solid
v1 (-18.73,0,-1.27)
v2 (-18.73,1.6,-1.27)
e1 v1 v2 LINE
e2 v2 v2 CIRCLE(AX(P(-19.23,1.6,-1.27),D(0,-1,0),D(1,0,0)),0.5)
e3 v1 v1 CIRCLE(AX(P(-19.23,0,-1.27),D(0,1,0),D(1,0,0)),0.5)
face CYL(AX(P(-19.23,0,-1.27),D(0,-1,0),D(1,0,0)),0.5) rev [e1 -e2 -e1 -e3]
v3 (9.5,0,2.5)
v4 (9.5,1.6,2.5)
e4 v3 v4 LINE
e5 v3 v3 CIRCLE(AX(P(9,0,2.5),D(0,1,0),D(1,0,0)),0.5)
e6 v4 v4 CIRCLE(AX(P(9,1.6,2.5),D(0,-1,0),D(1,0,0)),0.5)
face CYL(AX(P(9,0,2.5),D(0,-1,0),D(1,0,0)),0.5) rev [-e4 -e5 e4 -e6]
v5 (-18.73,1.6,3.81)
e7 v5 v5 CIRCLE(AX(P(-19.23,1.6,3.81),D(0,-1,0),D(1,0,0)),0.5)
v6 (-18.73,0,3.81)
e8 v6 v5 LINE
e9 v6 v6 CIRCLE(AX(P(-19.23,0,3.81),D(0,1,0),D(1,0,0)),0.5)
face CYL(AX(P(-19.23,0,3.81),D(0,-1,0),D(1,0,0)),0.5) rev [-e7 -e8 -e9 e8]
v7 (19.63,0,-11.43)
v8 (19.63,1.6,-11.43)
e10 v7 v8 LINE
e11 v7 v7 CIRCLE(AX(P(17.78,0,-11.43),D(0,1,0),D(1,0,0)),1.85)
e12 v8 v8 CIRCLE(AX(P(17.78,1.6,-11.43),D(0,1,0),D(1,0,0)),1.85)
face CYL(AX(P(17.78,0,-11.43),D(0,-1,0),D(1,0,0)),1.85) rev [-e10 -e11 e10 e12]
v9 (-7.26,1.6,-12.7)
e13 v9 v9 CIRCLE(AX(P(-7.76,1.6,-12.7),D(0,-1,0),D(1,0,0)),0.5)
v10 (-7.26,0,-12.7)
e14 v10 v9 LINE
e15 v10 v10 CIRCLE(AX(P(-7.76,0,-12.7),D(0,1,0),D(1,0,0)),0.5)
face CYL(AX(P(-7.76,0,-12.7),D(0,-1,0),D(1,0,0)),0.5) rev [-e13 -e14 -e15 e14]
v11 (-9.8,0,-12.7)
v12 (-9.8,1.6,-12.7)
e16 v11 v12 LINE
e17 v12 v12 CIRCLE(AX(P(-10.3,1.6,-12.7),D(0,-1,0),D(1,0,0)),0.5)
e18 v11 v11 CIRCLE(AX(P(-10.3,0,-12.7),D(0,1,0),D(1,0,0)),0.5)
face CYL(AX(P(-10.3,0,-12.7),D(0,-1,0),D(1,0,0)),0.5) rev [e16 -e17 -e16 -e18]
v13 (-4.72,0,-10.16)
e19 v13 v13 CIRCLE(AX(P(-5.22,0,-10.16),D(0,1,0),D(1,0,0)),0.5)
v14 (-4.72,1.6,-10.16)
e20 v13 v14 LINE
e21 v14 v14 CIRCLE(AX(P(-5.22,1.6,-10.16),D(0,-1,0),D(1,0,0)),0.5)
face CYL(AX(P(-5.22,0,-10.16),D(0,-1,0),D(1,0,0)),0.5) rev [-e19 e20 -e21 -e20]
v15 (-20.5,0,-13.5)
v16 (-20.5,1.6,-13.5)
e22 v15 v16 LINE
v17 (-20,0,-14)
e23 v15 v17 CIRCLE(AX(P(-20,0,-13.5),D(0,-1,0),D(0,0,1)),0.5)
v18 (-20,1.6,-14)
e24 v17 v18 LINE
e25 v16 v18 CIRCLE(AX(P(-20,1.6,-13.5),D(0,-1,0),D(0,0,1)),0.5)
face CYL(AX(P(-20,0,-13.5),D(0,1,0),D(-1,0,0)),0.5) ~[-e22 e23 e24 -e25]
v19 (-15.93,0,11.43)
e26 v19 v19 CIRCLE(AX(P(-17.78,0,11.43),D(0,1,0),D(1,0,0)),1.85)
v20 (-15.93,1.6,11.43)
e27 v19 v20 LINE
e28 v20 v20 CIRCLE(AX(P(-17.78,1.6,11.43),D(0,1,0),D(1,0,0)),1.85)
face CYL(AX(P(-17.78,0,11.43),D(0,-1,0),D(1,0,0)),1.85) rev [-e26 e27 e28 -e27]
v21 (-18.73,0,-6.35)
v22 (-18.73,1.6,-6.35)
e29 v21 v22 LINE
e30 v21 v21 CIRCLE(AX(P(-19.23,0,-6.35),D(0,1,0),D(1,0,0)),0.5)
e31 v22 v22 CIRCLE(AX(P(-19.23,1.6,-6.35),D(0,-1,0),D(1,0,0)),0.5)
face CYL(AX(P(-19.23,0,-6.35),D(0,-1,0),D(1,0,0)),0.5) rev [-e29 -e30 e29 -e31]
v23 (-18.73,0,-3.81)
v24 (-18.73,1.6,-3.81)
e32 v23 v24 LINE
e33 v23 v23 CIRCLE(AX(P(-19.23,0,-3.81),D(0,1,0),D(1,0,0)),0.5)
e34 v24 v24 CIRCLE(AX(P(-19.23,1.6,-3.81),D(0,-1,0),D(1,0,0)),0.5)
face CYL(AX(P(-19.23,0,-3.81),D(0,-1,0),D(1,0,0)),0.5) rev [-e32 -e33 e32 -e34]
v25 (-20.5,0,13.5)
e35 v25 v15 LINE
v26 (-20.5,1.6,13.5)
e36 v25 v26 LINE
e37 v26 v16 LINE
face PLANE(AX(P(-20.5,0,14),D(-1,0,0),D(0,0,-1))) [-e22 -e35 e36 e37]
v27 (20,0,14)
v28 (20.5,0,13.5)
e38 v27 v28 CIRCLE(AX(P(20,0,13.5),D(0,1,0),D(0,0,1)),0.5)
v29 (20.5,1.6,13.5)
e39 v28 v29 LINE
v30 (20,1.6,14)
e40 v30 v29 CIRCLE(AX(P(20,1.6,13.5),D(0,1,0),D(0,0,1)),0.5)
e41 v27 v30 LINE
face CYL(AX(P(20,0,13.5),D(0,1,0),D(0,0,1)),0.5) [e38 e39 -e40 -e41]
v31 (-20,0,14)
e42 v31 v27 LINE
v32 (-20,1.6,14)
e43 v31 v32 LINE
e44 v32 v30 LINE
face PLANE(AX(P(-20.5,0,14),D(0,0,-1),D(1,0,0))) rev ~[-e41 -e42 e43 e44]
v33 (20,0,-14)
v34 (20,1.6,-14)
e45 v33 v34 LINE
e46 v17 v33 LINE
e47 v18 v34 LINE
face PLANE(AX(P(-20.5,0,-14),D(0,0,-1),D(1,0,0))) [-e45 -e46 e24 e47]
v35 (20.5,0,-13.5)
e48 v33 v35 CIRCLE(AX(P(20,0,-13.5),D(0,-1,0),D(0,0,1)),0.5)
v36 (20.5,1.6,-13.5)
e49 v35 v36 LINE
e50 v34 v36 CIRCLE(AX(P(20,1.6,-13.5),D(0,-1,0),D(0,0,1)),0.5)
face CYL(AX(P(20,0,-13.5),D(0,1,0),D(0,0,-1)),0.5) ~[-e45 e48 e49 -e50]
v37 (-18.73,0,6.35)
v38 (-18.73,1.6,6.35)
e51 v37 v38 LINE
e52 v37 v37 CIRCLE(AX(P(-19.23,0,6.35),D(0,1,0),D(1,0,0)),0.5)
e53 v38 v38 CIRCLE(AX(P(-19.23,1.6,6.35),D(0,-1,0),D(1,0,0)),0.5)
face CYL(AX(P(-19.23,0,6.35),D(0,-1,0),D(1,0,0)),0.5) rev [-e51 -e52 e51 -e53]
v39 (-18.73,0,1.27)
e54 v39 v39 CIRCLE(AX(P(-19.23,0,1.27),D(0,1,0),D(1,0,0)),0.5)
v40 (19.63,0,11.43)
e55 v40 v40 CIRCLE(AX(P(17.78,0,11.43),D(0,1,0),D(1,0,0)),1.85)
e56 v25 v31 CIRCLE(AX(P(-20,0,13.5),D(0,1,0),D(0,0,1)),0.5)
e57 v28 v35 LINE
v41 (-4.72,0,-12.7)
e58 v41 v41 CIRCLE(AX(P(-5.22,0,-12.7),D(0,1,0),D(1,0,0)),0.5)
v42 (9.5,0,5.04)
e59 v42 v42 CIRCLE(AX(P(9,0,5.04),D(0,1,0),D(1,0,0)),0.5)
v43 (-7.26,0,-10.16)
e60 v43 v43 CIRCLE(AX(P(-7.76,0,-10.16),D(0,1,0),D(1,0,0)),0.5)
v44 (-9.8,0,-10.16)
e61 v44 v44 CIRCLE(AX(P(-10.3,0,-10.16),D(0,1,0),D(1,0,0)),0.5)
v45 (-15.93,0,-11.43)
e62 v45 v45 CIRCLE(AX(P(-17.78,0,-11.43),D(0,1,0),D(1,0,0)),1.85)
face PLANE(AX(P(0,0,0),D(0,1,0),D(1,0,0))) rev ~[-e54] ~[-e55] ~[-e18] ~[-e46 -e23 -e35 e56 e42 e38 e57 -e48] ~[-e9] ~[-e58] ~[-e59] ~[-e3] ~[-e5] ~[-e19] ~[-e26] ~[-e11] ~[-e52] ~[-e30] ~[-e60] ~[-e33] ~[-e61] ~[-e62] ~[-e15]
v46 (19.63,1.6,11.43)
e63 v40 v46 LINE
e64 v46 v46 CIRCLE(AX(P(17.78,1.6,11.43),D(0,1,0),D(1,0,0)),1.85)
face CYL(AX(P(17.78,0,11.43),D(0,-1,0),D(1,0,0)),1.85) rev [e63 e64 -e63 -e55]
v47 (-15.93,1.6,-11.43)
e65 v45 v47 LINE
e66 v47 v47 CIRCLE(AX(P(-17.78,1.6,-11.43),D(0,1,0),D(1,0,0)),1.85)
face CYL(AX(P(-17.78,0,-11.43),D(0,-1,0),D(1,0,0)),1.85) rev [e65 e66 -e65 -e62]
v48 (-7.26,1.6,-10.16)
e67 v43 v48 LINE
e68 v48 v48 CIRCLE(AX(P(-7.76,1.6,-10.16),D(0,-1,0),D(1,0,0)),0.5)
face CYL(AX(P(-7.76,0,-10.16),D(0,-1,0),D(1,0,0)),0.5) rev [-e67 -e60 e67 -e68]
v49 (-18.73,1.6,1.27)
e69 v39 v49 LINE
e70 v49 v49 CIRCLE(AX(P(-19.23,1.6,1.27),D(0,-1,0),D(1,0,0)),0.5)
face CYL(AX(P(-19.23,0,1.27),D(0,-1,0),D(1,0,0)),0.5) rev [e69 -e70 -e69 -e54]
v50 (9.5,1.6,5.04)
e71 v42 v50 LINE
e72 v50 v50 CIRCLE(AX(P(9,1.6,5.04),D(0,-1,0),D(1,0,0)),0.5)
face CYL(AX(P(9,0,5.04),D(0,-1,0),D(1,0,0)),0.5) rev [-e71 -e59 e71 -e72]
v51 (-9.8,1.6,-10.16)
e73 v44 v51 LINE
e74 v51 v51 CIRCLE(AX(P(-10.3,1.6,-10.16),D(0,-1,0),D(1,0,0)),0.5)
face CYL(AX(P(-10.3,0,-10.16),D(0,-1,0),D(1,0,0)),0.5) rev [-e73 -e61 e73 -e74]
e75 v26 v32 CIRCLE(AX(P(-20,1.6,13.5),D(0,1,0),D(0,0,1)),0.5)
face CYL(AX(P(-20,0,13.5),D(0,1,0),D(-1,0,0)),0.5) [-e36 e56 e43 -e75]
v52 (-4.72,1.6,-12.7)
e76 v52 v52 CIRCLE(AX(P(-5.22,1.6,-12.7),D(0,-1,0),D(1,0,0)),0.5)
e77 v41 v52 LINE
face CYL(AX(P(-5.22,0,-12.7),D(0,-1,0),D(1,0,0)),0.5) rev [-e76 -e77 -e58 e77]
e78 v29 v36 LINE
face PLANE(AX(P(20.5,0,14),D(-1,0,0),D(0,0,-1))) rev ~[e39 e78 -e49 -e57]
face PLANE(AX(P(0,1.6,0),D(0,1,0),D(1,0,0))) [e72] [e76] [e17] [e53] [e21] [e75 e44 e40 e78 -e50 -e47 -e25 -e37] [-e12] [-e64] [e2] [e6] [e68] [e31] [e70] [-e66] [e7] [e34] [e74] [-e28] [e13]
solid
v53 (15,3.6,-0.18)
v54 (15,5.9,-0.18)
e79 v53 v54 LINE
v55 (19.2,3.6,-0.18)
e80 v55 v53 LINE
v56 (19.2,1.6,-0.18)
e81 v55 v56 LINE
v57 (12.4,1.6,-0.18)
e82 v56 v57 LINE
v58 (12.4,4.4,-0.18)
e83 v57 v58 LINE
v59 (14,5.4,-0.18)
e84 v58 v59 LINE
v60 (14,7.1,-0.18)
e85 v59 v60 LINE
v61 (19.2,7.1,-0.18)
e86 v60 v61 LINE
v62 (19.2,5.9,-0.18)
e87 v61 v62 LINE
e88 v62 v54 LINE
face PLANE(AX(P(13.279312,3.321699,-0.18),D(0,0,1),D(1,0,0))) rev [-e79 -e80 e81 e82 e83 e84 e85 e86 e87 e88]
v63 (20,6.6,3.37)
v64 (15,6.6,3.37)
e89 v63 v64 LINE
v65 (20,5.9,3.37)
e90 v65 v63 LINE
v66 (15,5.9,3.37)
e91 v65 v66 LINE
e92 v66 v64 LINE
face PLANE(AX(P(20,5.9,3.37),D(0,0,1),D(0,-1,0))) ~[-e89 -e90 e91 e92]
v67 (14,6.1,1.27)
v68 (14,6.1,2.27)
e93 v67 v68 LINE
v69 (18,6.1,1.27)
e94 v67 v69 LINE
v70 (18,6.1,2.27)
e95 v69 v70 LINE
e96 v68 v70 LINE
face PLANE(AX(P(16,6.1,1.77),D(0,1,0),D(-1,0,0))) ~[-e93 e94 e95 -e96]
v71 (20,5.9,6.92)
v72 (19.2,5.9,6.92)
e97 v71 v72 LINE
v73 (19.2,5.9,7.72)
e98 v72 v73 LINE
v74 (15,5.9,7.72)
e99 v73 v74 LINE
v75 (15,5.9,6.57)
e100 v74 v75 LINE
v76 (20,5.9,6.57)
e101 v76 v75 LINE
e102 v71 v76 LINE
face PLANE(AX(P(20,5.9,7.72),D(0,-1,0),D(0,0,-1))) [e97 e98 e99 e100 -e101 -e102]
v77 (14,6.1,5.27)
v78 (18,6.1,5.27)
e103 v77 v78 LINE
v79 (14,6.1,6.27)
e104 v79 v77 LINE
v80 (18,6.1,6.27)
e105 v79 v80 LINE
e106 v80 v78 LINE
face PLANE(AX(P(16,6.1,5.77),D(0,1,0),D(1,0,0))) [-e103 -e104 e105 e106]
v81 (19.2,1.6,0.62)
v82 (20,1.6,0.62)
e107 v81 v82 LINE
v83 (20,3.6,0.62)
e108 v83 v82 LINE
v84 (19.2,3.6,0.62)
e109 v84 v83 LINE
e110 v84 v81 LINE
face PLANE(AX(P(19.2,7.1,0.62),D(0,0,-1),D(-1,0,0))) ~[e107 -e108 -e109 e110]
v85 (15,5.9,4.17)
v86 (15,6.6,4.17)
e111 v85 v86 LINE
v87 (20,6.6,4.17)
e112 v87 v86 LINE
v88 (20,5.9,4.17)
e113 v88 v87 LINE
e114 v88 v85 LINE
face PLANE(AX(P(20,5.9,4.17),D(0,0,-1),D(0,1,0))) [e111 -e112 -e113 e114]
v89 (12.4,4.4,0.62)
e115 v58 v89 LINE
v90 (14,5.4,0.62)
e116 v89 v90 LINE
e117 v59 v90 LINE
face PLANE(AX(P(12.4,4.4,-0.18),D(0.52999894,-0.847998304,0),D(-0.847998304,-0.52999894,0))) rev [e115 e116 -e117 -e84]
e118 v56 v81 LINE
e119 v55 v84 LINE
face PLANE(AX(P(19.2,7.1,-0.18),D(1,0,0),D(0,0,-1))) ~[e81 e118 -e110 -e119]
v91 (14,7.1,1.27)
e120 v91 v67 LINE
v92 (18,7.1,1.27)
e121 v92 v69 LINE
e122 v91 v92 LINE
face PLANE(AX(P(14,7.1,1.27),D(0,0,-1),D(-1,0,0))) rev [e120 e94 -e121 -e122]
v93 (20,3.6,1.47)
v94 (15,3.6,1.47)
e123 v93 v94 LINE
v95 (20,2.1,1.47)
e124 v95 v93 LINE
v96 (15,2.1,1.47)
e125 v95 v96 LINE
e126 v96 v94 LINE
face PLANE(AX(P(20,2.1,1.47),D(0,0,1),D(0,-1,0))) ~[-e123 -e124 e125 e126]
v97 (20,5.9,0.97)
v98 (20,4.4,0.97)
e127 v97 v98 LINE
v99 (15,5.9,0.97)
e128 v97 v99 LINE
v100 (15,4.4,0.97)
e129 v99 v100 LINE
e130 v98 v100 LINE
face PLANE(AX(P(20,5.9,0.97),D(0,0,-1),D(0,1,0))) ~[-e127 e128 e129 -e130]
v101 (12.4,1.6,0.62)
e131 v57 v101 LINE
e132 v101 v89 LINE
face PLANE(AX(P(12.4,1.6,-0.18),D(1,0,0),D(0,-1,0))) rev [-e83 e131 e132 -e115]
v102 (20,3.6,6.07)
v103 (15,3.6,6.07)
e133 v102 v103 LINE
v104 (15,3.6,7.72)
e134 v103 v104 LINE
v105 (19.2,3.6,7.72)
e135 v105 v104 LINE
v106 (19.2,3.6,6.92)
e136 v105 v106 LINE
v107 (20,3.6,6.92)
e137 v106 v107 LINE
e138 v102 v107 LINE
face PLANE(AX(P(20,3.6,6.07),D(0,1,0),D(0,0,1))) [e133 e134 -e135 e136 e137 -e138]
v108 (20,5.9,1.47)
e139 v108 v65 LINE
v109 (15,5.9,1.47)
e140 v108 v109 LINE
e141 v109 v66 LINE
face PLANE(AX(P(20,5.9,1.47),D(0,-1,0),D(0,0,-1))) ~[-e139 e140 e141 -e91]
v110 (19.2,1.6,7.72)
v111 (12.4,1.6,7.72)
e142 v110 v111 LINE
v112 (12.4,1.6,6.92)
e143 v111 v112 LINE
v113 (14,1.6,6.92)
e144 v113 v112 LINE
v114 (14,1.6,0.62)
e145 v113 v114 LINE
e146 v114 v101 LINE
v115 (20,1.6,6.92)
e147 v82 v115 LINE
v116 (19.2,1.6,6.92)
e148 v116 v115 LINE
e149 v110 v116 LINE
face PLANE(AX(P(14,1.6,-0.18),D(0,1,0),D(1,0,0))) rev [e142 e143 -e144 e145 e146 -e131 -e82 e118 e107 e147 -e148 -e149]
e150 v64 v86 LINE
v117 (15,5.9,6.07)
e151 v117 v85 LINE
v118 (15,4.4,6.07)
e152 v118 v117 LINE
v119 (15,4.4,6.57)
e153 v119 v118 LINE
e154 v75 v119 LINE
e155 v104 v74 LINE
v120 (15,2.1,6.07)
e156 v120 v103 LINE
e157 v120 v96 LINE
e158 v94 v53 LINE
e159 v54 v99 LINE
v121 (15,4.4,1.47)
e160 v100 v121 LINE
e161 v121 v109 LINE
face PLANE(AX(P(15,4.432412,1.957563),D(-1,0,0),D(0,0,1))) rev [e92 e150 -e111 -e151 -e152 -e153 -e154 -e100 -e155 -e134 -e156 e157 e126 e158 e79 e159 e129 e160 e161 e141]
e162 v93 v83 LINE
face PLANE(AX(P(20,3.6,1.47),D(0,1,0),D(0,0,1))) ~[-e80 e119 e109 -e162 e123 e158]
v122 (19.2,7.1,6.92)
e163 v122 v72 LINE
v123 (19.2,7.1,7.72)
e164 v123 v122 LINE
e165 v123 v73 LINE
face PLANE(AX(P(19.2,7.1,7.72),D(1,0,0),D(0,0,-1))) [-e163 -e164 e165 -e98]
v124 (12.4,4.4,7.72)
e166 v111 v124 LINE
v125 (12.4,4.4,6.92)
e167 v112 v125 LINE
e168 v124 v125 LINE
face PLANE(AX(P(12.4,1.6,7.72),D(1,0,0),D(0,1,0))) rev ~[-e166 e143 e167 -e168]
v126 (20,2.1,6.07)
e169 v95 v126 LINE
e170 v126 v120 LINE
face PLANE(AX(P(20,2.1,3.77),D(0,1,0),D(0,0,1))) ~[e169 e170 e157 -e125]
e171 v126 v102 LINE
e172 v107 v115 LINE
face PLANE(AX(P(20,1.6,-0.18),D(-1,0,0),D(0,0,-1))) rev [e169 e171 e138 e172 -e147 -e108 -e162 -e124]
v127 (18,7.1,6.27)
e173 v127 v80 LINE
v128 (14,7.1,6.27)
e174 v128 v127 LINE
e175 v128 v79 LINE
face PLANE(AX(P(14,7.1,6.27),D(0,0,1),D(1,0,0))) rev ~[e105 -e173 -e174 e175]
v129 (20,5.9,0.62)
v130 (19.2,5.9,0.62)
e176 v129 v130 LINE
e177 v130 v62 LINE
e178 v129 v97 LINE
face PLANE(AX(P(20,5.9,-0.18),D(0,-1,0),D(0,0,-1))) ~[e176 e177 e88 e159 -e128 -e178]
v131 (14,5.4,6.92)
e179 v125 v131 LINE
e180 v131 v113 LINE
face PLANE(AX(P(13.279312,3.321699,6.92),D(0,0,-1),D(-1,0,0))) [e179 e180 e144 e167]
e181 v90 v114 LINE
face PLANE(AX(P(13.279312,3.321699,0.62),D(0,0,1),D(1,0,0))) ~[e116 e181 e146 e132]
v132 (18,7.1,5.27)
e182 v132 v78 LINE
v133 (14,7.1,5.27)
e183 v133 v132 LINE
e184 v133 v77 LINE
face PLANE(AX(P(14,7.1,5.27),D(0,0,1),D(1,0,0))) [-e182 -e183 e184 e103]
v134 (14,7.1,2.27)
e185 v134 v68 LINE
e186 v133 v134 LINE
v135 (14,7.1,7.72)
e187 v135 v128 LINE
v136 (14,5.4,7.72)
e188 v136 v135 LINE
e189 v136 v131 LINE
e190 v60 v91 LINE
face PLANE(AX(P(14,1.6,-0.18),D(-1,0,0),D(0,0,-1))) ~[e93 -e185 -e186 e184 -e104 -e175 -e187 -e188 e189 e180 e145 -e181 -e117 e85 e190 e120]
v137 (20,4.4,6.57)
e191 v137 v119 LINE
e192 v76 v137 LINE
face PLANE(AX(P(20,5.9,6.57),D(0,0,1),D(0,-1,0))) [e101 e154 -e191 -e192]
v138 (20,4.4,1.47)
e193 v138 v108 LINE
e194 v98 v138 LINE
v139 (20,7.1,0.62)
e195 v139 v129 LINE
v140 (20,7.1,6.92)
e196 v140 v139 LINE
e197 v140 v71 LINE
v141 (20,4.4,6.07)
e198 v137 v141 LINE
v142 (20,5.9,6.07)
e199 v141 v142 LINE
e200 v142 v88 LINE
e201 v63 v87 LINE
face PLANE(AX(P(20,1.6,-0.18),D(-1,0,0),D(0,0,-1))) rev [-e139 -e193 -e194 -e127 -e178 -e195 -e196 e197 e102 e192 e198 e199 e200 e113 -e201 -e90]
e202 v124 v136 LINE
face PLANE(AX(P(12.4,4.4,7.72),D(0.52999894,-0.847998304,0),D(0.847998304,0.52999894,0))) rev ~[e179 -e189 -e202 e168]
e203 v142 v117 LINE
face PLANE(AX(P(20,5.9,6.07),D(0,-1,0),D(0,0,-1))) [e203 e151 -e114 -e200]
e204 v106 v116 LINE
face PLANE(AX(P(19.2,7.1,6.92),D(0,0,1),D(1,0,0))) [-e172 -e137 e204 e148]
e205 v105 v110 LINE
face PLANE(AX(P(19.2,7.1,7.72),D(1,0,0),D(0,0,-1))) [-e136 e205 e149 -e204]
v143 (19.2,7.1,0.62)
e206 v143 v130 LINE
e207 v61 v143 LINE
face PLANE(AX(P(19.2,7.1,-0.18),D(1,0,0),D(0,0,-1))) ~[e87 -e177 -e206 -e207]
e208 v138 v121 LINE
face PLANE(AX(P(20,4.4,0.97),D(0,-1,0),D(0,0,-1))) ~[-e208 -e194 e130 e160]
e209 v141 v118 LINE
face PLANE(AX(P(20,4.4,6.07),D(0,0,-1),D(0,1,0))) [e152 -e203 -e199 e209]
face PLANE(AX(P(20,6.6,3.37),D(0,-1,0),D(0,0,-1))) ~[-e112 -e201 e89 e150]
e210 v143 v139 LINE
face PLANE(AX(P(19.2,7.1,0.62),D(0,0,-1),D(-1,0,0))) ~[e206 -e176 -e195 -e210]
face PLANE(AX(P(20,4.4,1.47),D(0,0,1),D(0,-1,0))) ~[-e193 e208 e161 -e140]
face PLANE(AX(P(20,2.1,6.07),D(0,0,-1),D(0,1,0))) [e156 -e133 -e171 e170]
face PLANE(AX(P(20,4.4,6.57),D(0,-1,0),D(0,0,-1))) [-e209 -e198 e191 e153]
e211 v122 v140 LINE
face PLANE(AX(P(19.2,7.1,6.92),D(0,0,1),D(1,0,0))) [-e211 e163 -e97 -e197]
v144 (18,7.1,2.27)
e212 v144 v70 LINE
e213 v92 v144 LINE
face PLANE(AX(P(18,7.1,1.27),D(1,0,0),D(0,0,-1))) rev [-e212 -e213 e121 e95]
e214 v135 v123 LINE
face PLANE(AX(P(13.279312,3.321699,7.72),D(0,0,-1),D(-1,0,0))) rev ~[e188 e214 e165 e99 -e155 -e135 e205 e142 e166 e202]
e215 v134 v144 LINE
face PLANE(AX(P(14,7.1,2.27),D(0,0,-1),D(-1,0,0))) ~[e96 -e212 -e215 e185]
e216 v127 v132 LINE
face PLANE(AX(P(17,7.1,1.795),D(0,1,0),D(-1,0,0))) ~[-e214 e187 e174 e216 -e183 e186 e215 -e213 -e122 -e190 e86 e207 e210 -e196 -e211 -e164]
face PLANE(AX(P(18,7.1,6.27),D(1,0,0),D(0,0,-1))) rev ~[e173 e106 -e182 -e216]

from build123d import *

# Parameters (mm, degrees)
SKETCH1_W           = 41
SKETCH1_H           = 28
SKETCH1_R           = 1.85
BOARD_DEPTH         = 1.6
SKETCH4_R           = 0.5
HOLES_DEPTH         = 2.6
FILLET1_R           = 0.5
SKETCH5_W           = 6
SKETCH5_H           = 3.95
BOSS_EXTRUDE2_DEPTH = 5.5
BOSS_EXTRUDE3_DEPTH = 0.8
CUT_EXTRUDE2_DEPTH  = 5
SKETCH7_W           = 4
SKETCH7_H           = 1
CUT_EXTRUDE3_DEPTH  = 1
SKETCH9_W           = 0.8
SKETCH9_H           = 0.8
CUT_EXTRUDE4_DEPTH  = 8.1


with BuildPart() as part:
    # Sketch1 → board (new body)
    with BuildSketch(Plane(origin=(0, 0, 0), x_dir=(1, 0, 0), z_dir=(0, 1, 0))):
        Rectangle(SKETCH1_W, SKETCH1_H)
        with Locations((-17.78, 11.43)):
            Circle(SKETCH1_R, mode=Mode.SUBTRACT)
        with Locations((-17.78, -11.43)):
            Circle(SKETCH1_R, mode=Mode.SUBTRACT)
        with Locations((17.78, -11.43)):
            Circle(SKETCH1_R, mode=Mode.SUBTRACT)
        with Locations((17.78, 11.43)):
            Circle(SKETCH1_R, mode=Mode.SUBTRACT)
    extrude(amount=BOARD_DEPTH)

    # Sketch4 → holes (cut, through all)
    with BuildSketch(Plane(origin=(0, 0, 0), x_dir=(1, 0, 0), z_dir=(0, 1, 0))):
        with Locations((-19.23, -6.35)):
            Circle(SKETCH4_R)
        with Locations((-19.23, -3.81)):
            Circle(SKETCH4_R)
        with Locations((-19.23, -1.27)):
            Circle(SKETCH4_R)
        with Locations((-19.23, 1.27)):
            Circle(SKETCH4_R)
        with Locations((-19.23, 3.81)):
            Circle(SKETCH4_R)
        with Locations((-19.23, 6.35)):
            Circle(SKETCH4_R)
        with Locations((-5.22, 10.16)):
            Circle(SKETCH4_R)
        with Locations((-7.76, 10.16)):
            Circle(SKETCH4_R)
        with Locations((-5.22, 12.7)):
            Circle(SKETCH4_R)
        with Locations((-7.76, 12.7)):
            Circle(SKETCH4_R)
        with Locations((-10.3, 12.7)):
            Circle(SKETCH4_R)
        with Locations((9, -5.04)):
            Circle(SKETCH4_R)
        with Locations((9, -2.5)):
            Circle(SKETCH4_R)
        with Locations((-10.3, 10.16)):
            Circle(SKETCH4_R)
    extrude(amount=HOLES_DEPTH, mode=Mode.SUBTRACT)

    # Fillet1
    fillet1_edges = [part.edges().sort_by_distance(p)[0] for p in [
        (20.5, 0.8, -14),
        (20.5, 0.8, 14),
        (-20.5, 0.8, 14),
        (-20.5, 0.8, -14),
    ]]
    fillet(fillet1_edges, radius=FILLET1_R)


with BuildPart() as body_2:
    # Sketch5 → Boss-Extrude2 (new body)
    with BuildSketch(Plane(origin=(0, 1.6, 0), x_dir=(1, 0, 0), z_dir=(0, 1, 0))):
        with Locations((17, -5.745)):
            Rectangle(SKETCH5_W, SKETCH5_H)
    extrude(amount=BOSS_EXTRUDE2_DEPTH)

    # Sketch8 → Boss-Extrude3 (add)
    with BuildSketch(Plane.XY.offset(7.72)):
        Polygon((12.4, 1.6), (12.4, 4.4), (14, 5.4), (14, 1.6), align=None)
    extrude(amount=-BOSS_EXTRUDE3_DEPTH)

    # Sketch6 → Cut-Extrude2 (cut)
    with BuildSketch(Plane(origin=(20, 0, 0), x_dir=(0, 0, -1), z_dir=(1, 0, 0))):
        Polygon((-6.07, 5.9), (-4.17, 5.9), (-4.17, 6.6), (-3.77, 6.6), (-3.77, 2.1), (-6.07, 2.1), (-6.07, 3.6), (-7.72, 3.6), (-7.72, 5.9), (-6.57, 5.9), (-6.57, 4.4), (-6.07, 4.4), align=None)
    extrude(amount=-CUT_EXTRUDE2_DEPTH, mode=Mode.SUBTRACT)

    # Sketch7 → Cut-Extrude3 (cut)
    with BuildSketch(Plane(origin=(0, 7.1, 0), x_dir=(1, 0, 0), z_dir=(0, 1, 0))):
        with Locations((16, -5.77)):
            Rectangle(SKETCH7_W, SKETCH7_H)
    extrude(amount=-CUT_EXTRUDE3_DEPTH, mode=Mode.SUBTRACT)

    # Sketch9 → Cut-Extrude4 (cut, through all)
    with BuildSketch(Plane(origin=(0, 7.1, 0), x_dir=(1, 0, 0), z_dir=(0, 1, 0))):
        with Locations((19.6, -7.32)):
            Rectangle(SKETCH9_W, SKETCH9_H)
    extrude(amount=-CUT_EXTRUDE4_DEPTH, mode=Mode.SUBTRACT)

    # Mirror1: body 2 across plane


with BuildPart() as body_2_1:
    add(body_2.part)
    add(body_2.part.mirror(Plane(origin=(14, 7.1, 3.77), x_dir=(1, 0, 0), z_dir=(0, 0, 1))))


solid = Compound([part.part, body_2_1.part])
